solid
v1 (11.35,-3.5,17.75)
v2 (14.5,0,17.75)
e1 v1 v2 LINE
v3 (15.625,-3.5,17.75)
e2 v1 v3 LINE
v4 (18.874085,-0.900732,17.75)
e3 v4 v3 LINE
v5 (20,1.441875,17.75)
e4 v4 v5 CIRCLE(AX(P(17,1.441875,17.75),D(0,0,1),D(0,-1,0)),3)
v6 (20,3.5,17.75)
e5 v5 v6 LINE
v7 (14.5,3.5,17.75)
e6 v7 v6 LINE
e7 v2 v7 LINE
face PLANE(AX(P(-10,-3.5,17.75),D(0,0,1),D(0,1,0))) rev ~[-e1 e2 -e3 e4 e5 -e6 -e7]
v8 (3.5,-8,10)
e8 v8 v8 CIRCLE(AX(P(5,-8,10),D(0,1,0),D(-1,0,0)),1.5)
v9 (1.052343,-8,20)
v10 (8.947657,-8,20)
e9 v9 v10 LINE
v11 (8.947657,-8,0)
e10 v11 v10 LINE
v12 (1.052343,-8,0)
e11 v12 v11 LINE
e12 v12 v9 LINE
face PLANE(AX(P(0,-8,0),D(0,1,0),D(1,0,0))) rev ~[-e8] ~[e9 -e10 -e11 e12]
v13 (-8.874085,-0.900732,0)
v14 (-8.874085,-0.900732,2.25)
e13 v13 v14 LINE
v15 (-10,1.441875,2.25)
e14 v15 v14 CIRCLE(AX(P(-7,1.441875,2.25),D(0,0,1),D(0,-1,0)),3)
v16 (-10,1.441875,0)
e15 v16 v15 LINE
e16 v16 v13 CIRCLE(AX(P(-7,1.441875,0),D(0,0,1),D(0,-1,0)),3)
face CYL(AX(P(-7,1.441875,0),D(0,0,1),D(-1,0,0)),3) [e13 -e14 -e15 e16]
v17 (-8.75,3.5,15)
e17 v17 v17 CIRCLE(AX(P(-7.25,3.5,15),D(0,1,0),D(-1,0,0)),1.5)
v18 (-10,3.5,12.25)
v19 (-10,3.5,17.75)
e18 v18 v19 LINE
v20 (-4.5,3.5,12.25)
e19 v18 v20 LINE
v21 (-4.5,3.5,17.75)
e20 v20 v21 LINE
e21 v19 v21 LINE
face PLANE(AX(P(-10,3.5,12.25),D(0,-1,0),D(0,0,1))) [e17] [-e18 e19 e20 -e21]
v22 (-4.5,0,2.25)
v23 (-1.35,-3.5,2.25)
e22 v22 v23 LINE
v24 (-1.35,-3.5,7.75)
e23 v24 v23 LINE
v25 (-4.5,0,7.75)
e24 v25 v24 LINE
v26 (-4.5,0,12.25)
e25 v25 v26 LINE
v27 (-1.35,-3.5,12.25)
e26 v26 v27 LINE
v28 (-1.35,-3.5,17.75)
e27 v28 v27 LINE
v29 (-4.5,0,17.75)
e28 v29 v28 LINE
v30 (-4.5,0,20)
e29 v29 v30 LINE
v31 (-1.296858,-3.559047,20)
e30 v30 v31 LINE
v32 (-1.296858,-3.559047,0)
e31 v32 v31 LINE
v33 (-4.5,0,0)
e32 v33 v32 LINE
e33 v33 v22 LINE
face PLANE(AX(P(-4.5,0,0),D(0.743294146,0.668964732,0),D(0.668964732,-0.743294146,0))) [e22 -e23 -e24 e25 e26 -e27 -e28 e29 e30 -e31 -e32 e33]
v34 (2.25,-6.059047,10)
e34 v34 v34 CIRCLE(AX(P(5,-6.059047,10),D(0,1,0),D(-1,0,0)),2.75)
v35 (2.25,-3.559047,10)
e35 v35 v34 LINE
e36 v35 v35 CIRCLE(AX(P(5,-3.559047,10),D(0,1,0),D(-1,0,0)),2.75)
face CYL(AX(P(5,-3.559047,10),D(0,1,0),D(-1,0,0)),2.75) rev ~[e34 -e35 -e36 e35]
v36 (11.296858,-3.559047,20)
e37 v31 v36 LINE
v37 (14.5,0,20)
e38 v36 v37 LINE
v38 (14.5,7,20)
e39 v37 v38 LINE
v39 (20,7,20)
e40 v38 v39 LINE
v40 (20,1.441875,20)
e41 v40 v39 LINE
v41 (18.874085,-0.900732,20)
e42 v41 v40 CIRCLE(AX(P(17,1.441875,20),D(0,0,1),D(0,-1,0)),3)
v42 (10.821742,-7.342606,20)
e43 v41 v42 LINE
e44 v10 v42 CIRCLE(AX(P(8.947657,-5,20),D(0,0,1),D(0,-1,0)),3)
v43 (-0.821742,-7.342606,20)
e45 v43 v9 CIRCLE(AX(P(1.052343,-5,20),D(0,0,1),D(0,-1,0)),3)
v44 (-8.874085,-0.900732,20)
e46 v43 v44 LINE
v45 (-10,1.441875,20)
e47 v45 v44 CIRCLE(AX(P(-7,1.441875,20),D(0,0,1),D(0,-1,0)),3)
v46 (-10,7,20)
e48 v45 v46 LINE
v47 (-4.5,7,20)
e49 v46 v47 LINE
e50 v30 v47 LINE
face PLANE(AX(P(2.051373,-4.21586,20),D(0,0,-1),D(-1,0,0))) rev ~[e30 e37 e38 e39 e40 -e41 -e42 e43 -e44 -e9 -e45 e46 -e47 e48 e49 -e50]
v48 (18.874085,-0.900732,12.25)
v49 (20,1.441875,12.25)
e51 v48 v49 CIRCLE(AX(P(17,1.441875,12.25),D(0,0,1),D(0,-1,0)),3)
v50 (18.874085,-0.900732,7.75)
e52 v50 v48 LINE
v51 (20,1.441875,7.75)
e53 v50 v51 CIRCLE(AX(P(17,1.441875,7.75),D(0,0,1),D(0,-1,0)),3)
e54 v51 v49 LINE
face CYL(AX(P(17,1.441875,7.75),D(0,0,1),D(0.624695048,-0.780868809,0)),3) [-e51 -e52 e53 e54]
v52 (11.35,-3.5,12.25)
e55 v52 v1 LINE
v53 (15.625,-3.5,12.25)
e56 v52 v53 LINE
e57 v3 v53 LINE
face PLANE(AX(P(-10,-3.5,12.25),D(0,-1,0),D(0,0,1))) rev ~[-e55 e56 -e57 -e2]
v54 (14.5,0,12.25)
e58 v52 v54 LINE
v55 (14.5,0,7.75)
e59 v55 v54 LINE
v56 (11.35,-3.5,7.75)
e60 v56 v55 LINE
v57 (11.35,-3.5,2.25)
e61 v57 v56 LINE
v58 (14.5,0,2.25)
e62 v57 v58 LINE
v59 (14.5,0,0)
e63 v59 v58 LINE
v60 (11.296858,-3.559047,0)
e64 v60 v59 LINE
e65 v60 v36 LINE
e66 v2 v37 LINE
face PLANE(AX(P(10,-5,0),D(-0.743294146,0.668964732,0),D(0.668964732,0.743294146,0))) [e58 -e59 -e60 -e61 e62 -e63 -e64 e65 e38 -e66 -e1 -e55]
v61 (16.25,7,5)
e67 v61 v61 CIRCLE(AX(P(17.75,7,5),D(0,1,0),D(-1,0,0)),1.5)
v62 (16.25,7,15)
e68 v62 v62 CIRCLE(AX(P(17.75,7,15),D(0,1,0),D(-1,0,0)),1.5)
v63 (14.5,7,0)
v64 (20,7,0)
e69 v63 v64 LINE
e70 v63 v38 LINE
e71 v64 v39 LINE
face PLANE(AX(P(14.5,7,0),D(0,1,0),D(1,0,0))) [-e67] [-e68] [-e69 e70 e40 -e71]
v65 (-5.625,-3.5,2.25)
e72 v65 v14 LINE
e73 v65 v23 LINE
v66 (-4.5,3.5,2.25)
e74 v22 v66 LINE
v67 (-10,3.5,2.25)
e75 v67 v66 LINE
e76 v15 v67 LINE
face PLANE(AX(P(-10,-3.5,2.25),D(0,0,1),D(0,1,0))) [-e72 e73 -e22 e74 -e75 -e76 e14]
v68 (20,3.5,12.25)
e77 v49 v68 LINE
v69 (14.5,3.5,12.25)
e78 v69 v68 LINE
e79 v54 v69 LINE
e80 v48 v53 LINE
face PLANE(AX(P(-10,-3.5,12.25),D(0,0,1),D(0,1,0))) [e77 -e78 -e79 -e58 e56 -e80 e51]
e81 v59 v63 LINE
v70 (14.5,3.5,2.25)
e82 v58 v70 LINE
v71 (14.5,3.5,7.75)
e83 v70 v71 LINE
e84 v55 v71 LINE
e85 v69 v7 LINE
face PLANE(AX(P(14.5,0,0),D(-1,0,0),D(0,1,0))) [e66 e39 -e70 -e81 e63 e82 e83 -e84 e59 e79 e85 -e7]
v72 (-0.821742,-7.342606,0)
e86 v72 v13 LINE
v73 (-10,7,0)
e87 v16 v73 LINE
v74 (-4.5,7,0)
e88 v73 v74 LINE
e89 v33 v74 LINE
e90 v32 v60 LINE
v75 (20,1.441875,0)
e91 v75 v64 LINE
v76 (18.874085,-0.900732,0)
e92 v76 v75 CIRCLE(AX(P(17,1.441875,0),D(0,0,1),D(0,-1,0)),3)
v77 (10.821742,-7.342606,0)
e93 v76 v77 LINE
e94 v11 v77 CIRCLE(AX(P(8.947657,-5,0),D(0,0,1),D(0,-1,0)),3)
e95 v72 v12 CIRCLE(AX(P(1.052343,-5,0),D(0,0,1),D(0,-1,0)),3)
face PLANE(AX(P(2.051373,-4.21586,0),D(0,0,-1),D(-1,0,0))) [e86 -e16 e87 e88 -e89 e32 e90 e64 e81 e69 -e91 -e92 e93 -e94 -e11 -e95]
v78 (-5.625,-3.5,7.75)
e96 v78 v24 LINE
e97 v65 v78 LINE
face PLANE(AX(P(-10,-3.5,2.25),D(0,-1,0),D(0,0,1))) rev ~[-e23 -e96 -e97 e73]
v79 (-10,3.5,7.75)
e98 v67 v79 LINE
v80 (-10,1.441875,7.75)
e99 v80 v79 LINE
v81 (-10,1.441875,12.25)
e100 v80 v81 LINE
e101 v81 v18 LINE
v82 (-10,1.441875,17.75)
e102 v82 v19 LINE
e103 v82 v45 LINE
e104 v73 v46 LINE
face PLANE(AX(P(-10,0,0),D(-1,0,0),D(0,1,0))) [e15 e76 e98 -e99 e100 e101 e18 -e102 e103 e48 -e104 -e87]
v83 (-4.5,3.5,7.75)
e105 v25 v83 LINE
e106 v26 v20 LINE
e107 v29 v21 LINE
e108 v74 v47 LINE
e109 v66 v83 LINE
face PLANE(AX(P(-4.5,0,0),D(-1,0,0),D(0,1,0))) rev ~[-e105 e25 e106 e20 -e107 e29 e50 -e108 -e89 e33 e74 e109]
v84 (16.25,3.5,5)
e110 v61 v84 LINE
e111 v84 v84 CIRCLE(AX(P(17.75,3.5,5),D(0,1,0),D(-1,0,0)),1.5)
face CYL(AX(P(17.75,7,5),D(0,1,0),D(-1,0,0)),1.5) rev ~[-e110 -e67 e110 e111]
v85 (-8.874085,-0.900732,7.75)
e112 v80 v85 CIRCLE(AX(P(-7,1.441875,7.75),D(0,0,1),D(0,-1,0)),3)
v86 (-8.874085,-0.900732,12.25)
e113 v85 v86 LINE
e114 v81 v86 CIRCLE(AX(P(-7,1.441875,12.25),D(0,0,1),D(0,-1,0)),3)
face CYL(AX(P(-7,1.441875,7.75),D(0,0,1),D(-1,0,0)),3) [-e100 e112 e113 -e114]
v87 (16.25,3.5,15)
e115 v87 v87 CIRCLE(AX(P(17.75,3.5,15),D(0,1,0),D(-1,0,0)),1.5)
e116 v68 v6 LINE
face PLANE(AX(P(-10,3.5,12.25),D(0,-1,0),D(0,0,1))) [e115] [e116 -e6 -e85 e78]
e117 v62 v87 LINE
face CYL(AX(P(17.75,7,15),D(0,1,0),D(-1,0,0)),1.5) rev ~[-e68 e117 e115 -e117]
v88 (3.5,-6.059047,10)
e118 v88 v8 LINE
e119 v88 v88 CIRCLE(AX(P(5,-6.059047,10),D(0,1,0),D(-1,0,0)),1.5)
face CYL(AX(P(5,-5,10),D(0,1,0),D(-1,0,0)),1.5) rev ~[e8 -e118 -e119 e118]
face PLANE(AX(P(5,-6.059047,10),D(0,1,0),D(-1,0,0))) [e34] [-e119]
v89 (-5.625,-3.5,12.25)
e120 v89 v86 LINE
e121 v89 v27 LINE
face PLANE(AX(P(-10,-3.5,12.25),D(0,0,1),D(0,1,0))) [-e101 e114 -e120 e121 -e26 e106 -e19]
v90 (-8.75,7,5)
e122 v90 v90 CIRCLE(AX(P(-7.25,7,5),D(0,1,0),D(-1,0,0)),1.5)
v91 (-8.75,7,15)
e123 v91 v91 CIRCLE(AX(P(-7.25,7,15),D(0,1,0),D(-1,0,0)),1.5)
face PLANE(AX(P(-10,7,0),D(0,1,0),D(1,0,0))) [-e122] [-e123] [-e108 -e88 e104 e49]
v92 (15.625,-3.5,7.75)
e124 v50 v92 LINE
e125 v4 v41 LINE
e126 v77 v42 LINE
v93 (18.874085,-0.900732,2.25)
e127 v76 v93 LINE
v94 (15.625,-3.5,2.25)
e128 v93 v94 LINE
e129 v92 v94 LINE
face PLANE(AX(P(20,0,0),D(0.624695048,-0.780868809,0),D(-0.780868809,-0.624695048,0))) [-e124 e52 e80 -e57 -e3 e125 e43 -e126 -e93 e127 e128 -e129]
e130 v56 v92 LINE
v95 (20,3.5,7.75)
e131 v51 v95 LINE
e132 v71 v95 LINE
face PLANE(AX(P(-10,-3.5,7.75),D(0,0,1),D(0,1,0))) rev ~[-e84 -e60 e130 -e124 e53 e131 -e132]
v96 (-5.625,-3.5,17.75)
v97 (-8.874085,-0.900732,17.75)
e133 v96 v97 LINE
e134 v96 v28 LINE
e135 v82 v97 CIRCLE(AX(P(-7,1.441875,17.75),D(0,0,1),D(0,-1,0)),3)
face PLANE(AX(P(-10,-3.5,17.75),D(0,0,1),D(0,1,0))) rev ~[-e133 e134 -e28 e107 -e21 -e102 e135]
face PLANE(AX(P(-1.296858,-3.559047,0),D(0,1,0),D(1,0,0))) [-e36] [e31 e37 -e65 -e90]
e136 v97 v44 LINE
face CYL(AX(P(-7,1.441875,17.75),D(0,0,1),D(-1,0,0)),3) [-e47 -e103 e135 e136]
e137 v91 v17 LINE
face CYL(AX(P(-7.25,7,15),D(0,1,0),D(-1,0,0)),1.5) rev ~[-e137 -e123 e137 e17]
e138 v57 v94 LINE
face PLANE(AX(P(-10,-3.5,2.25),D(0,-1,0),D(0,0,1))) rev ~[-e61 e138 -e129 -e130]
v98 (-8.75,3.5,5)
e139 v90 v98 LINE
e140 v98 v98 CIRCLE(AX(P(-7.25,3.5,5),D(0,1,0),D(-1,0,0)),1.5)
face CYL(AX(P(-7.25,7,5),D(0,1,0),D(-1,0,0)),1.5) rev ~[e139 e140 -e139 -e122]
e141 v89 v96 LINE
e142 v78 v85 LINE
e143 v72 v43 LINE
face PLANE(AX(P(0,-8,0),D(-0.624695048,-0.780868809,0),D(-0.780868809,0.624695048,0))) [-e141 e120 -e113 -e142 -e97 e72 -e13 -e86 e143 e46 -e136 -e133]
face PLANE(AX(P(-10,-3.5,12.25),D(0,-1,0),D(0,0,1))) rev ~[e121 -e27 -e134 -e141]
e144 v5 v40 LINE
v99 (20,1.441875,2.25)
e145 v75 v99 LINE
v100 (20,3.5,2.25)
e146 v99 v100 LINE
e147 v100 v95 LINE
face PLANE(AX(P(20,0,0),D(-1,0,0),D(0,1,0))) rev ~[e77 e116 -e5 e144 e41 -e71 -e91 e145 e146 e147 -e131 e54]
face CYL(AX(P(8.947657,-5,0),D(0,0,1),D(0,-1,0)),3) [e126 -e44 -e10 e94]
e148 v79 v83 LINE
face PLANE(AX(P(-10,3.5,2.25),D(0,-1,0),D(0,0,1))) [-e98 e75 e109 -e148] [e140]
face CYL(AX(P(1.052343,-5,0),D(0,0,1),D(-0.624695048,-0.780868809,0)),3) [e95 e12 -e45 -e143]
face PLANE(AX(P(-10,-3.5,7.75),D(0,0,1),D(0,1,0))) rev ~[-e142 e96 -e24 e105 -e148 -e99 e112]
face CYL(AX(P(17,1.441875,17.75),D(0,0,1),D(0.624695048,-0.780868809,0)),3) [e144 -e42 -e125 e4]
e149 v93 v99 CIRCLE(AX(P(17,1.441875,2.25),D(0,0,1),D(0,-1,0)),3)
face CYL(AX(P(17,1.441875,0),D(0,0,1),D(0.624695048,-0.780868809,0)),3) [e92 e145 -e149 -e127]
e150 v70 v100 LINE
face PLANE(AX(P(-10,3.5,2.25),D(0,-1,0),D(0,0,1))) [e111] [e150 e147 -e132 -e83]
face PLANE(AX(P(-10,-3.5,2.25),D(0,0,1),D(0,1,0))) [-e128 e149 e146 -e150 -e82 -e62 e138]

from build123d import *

# Parameters (mm, degrees)
CROQUIS1_W              = 5.5
CROQUIS1_H              = 7
CROQUIS1_W_2            = 5
CROQUIS1_H_2            = 3
SALIENTE_EXTRUIR1_DEPTH = 20
CROQUIS2_W              = 5.5
CROQUIS2_H              = 7
CORTAR_EXTRUIR3_DEPTH   = 37.932370625
CROQUIS3_R              = 1.5
CORTAR_EXTRUIR4_DEPTH   = 33.015621187
REDONDEO1_R             = 3
CROQUIS4_R              = 1.5
CORTAR_EXTRUIR5_DEPTH   = 31.724582991
SALIENTE_EXTRUIR2_DEPTH = 20
CROQUIS9_R              = 2.75
CORTAR_EXTRUIR6_DEPTH   = 2.5


with BuildPart() as part:
    # Croquis1 → Saliente-Extruir1 (new body)
    with BuildSketch(Plane.XY):
        with Locations((-7.25, 3.5)):
            Rectangle(CROQUIS1_W, CROQUIS1_H)
        Polygon((0, -5), (0, -8), (-10, 0), (-4.5, 0), align=None)
        with Locations((2.5, -6.5)):
            Rectangle(CROQUIS1_W_2, CROQUIS1_H_2)
        with Locations((7.5, -6.5)):
            Rectangle(CROQUIS1_W_2, CROQUIS1_H_2)
        Polygon((14.5, 0), (20, 0), (10, -8), (10, -5), align=None)
        with Locations((17.25, 3.5)):
            Rectangle(CROQUIS1_W, CROQUIS1_H)
    extrude(amount=SALIENTE_EXTRUIR1_DEPTH)

    # Croquis2 → Cortar-Extruir3 (cut, through all)
    with BuildSketch(Plane.ZY.offset(10)):
        with Locations((15, 0)):
            Rectangle(CROQUIS2_W, CROQUIS2_H)
        with Locations((5, 0)):
            Rectangle(CROQUIS2_W, CROQUIS2_H)
    extrude(amount=-CORTAR_EXTRUIR3_DEPTH, mode=Mode.SUBTRACT)

    # Croquis3 → Cortar-Extruir4 (cut, through all)
    with BuildSketch(Plane(origin=(0, 7, 0), x_dir=(1, 0, 0), z_dir=(0, 1, 0))):
        with Locations(Location((-7.25, -5, 0), (0, 0, 180))):
            Circle(CROQUIS3_R)
        with Locations(Location((17.75, -5, 0), (0, 0, 180))):
            Circle(CROQUIS3_R)
        with Locations(Location((17.75, -15, 0), (0, 0, 180))):
            Circle(CROQUIS3_R)
        with Locations(Location((-7.25, -15, 0), (0, 0, 180))):
            Circle(CROQUIS3_R)
    extrude(amount=-CORTAR_EXTRUIR4_DEPTH, mode=Mode.SUBTRACT)

    # Redondeo1
    redondeo1_edges = [part.edges().sort_by_distance(p)[0] for p in [
        (20, 0, 18.875),
        (10, -8, 10),
        (0, -8, 10),
        (-10, 0, 18.875),
        (20, 0, 10),
        (20, 0, 1.125),
        (-10, 0, 10),
        (-10, 0, 1.125),
    ]]
    fillet(redondeo1_edges, radius=REDONDEO1_R)

    # Croquis4 → Cortar-Extruir5 (cut, through all)
    with BuildSketch(Plane(origin=(0, -5, 0), x_dir=(1, 0, 0), z_dir=(0, 1, 0))):
        with Locations(Location((5, -10, 0), (0, 0, 180))):
            Circle(CROQUIS4_R)
    extrude(amount=-CORTAR_EXTRUIR5_DEPTH, mode=Mode.SUBTRACT)

    # Croquis8 → Saliente-Extruir2 (add, through all)
    with BuildSketch(Plane(origin=(0, 0, 0), x_dir=(-1, 0, 0), z_dir=(0, 0, -1))):
        Polygon((-5, -5), (0, -5), (1.29685781, -3.559046878), (-5, -3.559046878), align=None)
        Polygon((-10, -5), (-5, -5), (-5, -3.559046878), (-11.29685781, -3.559046878), align=None)
    extrude(amount=-SALIENTE_EXTRUIR2_DEPTH)

    # Croquis9 → Cortar-Extruir6 (cut)
    with BuildSketch(Plane(origin=(0, -3.559046878, 0), x_dir=(1, 0, 0), z_dir=(0, 1, 0))):
        with Locations(Location((5, -10, 0), (0, 0, 180))):
            Circle(CROQUIS9_R)
    extrude(amount=-CORTAR_EXTRUIR6_DEPTH, mode=Mode.SUBTRACT)


solid = part.part
